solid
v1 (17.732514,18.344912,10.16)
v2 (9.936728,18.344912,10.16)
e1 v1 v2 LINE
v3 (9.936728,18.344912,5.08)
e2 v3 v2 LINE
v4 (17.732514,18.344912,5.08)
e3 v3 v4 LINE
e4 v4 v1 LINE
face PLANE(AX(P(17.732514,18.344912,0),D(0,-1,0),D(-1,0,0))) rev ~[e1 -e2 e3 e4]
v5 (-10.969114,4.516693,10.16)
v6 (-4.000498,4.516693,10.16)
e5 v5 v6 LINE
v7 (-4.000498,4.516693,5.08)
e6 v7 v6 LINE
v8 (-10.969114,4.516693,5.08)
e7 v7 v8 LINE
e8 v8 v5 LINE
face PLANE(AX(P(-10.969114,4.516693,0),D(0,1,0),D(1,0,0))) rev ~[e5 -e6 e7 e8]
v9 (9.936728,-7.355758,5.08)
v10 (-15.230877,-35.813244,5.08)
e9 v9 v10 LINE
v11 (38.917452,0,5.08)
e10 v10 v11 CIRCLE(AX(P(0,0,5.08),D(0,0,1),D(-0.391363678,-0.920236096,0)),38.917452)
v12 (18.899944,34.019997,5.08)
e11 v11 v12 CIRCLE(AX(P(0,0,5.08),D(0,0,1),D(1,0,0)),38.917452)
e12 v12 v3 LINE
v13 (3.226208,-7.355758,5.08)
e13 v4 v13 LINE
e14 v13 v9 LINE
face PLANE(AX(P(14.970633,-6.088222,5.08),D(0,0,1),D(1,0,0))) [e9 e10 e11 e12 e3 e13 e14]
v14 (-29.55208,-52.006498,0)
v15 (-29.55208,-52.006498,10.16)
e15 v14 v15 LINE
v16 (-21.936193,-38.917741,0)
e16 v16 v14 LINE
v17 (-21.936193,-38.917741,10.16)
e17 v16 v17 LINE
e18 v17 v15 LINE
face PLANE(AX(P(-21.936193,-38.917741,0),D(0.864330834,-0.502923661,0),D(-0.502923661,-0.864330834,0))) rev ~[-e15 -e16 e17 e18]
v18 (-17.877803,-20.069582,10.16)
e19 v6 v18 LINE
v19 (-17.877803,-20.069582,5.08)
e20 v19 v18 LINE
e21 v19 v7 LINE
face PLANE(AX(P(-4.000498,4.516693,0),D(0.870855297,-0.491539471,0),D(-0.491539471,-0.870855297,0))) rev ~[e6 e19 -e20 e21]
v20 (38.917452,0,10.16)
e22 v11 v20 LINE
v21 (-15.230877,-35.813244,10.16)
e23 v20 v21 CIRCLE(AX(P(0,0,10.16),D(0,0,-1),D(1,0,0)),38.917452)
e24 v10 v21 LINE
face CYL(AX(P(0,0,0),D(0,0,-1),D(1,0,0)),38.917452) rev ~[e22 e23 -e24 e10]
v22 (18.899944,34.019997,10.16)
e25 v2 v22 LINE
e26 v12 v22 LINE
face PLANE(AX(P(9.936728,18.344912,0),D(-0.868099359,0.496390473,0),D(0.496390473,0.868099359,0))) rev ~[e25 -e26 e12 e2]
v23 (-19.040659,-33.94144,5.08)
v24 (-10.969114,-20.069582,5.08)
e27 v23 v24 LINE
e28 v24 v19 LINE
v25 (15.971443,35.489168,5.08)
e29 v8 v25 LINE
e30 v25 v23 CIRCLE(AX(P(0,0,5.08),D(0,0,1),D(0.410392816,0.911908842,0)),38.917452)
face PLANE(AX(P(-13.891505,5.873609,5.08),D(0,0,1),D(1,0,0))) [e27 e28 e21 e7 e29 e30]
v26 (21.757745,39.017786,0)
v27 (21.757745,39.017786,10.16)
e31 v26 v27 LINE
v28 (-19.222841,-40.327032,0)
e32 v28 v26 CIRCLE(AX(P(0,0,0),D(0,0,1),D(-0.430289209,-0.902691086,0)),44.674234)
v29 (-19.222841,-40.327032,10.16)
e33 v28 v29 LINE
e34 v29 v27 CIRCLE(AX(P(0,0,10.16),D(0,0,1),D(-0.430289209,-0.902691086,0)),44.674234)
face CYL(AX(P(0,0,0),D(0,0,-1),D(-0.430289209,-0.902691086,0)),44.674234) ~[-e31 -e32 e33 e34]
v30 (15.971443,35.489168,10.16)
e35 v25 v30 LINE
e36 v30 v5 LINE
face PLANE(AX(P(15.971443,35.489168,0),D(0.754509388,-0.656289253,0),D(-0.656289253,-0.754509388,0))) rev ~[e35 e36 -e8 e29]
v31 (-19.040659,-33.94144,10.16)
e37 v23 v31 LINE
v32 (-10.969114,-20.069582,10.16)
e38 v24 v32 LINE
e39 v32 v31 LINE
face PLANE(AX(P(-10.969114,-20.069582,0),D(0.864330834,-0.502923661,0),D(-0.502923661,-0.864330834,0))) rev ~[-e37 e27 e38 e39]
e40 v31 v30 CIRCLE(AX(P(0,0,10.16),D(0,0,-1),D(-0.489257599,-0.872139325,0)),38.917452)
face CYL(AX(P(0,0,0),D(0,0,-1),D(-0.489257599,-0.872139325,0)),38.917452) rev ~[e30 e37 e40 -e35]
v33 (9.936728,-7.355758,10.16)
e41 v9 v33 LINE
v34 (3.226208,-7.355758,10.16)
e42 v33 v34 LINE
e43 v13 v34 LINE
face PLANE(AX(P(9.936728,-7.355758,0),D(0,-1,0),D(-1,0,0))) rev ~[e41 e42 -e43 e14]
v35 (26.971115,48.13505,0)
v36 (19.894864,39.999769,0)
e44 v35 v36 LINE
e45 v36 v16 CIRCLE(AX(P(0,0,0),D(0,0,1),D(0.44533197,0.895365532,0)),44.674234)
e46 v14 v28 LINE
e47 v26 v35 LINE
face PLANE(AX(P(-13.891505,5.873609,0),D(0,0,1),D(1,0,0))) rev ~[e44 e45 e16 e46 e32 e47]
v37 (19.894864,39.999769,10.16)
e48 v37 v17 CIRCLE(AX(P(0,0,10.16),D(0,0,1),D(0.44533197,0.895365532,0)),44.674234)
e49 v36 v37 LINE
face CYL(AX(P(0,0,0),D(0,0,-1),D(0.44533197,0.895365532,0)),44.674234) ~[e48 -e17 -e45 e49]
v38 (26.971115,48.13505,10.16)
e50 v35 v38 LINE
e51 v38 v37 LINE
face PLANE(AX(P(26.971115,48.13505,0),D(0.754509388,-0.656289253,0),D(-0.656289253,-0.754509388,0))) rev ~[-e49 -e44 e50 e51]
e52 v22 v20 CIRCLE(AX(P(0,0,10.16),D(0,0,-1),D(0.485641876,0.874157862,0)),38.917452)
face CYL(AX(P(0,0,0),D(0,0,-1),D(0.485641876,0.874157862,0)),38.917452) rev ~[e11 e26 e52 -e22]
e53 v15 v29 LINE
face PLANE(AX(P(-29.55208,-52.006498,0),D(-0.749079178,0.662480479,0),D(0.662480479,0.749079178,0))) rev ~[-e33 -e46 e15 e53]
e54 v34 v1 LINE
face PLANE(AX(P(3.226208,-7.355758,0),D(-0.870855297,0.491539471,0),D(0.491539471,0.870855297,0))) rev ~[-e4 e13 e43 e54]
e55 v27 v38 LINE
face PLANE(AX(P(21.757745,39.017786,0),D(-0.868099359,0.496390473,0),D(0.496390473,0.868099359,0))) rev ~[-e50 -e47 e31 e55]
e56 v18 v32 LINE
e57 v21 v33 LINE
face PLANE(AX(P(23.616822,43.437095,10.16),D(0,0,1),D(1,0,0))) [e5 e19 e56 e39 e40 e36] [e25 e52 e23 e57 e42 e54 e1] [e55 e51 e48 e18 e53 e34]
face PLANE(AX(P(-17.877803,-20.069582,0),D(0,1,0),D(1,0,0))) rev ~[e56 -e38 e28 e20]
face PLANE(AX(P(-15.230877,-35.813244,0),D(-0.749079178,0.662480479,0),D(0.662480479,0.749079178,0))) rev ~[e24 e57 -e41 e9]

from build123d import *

# Parameters (mm, degrees)
F1_DEPTH = 10.16
F2_DEPTH = 5.08


with BuildPart() as f1:
    # F0 (on Top) → F1 (new body)
    with BuildSketch(Plane.XY):
        with BuildLine():
            ThreePointArc((19.8948644209, 39.9997688602), (20.8320918018, 39.5197556971), (21.7577454104, 39.0177863782))
            Line((21.7577454104, 39.0177863782), (26.9711147994, 48.1350496411))
            Line((26.9711147994, 48.1350496411), (19.8948644209, 39.9997688602))
        make_face()
        with BuildLine():
            Line((-29.5520797372, -52.0064979792), (-19.2228405766, -40.327032365))
            ThreePointArc((-19.2228405766, -40.327032365), (-20.5915769431, -39.6456062912), (-21.9361932063, -38.9177410292))
            Line((-21.9361932063, -38.9177410292), (-29.5520797372, -52.0064979792))
        make_face()
        with BuildLine():
            ThreePointArc((-19.2228405766, -40.327032365), (23.8434631573, -37.7793118501), (44.6742335043, 0))
            ThreePointArc((44.6742335043, 0), (38.5214079324, 22.624947958), (21.7577454104, 39.0177863782))
            Line((21.7577454104, 39.0177863782), (18.8999443356, 34.0199965021))
            ThreePointArc((18.8999443356, 34.0199965021), (33.5418077285, 19.7361392424), (38.9174518423, 0))
            ThreePointArc((38.9174518423, 0), (21.4688277759, -32.460090755), (-15.2308770921, -35.8132439315))
            Line((-15.2308770922, -35.8132439315), (-19.2228405766, -40.327032365))
        make_face()
        with BuildLine():
            Line((18.8999443356, 34.0199965021), (21.7577454104, 39.0177863782))
            ThreePointArc((21.7577454104, 39.0177863782), (20.8320918018, 39.5197556971), (19.8948644209, 39.9997688602))
            Line((19.8948644209, 39.9997688602), (15.971442641, 35.4891684583))
            ThreePointArc((15.971442641, 35.4891684583), (17.4511611069, 34.7854140972), (18.8999443356, 34.0199965021))
        make_face()
        with BuildLine():
            ThreePointArc((-21.9361932063, -38.9177410292), (-20.5915769431, -39.6456062912), (-19.2228405766, -40.327032365))
            Line((-19.2228405766, -40.327032365), (-15.2308770922, -35.8132439315))
            ThreePointArc((-15.2308770921, -35.8132439315), (-17.1613070553, -34.9293228971), (-19.0406590573, -33.9414401662))
            Line((-19.0406590573, -33.9414401662), (-21.9361932063, -38.9177410292))
        make_face()
        with BuildLine():
            Line((9.9367275834, 18.344911789), (18.8999443356, 34.0199965021))
            ThreePointArc((18.8999443356, 34.0199965021), (17.4511611069, 34.7854140972), (15.971442641, 35.4891684583))
            Line((15.971442641, 35.4891684583), (-10.9691135585, 4.5166932978))
            Line((-10.9691135585, 4.5166932978), (-4.0004979819, 4.5166932978))
            Line((-4.0004979819, 4.5166932978), (-17.8778032411, -20.0695820685))
            Line((-17.8778032411, -20.0695820685), (-10.9691135585, -20.0695820685))
            Line((-10.9691135585, -20.0695820685), (-19.0406590573, -33.9414401662))
            ThreePointArc((-19.0406590573, -33.9414401662), (-17.1613070553, -34.9293228971), (-15.2308770921, -35.8132439315))
            Line((-15.2308770922, -35.8132439315), (9.9367275834, -7.3557584547))
            Line((9.9367275834, -7.3557584547), (3.2262078021, -7.3557584547))
            Line((3.2262078021, -7.3557584547), (17.7325143094, 18.344911789))
            Line((17.7325143094, 18.344911789), (9.9367275834, 18.344911789))
        make_face()
        with BuildLine():
            Line((15.971442641, 35.4891684583), (19.8948644209, 39.9997688602))
            ThreePointArc((19.8948644209, 39.9997688602), (-39.4719533034, 20.9225247427), (-21.9361932063, -38.9177410292))
            Line((-21.9361932063, -38.9177410292), (-19.0406590573, -33.9414401662))
            ThreePointArc((-19.0406590573, -33.9414401662), (-34.7492068376, 17.5231470361), (15.971442641, 35.4891684583))
        make_face()
    extrude(amount=F1_DEPTH)

    # F0 (on Top) → F2 (join)
    with BuildSketch(Plane.XY):
        with BuildLine():
            Line((-10.9691135585, 4.5166932978), (15.971442641, 35.4891684583))
            ThreePointArc((15.971442641, 35.4891684583), (-34.7492068376, 17.5231470361), (-19.0406590573, -33.9414401662))
            Line((-19.0406590573, -33.9414401662), (-10.9691135585, -20.0695820685))
            Line((-10.9691135585, -20.0695820685), (-17.8778032411, -20.0695820685))
            Line((-17.8778032411, -20.0695820685), (-4.0004979819, 4.5166932978))
            Line((-4.0004979819, 4.5166932978), (-10.9691135585, 4.5166932978))
        make_face()
        with BuildLine():
            ThreePointArc((38.9174518423, 0), (33.5418077285, 19.7361392424), (18.8999443356, 34.0199965021))
            Line((18.8999443356, 34.0199965021), (9.9367275834, 18.344911789))
            Line((9.9367275834, 18.344911789), (17.7325143094, 18.344911789))
            Line((17.7325143094, 18.344911789), (3.2262078021, -7.3557584547))
            Line((3.2262078021, -7.3557584547), (9.9367275834, -7.3557584547))
            Line((9.9367275834, -7.3557584547), (-15.2308770922, -35.8132439315))
            ThreePointArc((-15.2308770921, -35.8132439315), (21.4688277759, -32.460090755), (38.9174518423, 0))
        make_face()
    extrude(amount=F2_DEPTH)


solid = f1.part
